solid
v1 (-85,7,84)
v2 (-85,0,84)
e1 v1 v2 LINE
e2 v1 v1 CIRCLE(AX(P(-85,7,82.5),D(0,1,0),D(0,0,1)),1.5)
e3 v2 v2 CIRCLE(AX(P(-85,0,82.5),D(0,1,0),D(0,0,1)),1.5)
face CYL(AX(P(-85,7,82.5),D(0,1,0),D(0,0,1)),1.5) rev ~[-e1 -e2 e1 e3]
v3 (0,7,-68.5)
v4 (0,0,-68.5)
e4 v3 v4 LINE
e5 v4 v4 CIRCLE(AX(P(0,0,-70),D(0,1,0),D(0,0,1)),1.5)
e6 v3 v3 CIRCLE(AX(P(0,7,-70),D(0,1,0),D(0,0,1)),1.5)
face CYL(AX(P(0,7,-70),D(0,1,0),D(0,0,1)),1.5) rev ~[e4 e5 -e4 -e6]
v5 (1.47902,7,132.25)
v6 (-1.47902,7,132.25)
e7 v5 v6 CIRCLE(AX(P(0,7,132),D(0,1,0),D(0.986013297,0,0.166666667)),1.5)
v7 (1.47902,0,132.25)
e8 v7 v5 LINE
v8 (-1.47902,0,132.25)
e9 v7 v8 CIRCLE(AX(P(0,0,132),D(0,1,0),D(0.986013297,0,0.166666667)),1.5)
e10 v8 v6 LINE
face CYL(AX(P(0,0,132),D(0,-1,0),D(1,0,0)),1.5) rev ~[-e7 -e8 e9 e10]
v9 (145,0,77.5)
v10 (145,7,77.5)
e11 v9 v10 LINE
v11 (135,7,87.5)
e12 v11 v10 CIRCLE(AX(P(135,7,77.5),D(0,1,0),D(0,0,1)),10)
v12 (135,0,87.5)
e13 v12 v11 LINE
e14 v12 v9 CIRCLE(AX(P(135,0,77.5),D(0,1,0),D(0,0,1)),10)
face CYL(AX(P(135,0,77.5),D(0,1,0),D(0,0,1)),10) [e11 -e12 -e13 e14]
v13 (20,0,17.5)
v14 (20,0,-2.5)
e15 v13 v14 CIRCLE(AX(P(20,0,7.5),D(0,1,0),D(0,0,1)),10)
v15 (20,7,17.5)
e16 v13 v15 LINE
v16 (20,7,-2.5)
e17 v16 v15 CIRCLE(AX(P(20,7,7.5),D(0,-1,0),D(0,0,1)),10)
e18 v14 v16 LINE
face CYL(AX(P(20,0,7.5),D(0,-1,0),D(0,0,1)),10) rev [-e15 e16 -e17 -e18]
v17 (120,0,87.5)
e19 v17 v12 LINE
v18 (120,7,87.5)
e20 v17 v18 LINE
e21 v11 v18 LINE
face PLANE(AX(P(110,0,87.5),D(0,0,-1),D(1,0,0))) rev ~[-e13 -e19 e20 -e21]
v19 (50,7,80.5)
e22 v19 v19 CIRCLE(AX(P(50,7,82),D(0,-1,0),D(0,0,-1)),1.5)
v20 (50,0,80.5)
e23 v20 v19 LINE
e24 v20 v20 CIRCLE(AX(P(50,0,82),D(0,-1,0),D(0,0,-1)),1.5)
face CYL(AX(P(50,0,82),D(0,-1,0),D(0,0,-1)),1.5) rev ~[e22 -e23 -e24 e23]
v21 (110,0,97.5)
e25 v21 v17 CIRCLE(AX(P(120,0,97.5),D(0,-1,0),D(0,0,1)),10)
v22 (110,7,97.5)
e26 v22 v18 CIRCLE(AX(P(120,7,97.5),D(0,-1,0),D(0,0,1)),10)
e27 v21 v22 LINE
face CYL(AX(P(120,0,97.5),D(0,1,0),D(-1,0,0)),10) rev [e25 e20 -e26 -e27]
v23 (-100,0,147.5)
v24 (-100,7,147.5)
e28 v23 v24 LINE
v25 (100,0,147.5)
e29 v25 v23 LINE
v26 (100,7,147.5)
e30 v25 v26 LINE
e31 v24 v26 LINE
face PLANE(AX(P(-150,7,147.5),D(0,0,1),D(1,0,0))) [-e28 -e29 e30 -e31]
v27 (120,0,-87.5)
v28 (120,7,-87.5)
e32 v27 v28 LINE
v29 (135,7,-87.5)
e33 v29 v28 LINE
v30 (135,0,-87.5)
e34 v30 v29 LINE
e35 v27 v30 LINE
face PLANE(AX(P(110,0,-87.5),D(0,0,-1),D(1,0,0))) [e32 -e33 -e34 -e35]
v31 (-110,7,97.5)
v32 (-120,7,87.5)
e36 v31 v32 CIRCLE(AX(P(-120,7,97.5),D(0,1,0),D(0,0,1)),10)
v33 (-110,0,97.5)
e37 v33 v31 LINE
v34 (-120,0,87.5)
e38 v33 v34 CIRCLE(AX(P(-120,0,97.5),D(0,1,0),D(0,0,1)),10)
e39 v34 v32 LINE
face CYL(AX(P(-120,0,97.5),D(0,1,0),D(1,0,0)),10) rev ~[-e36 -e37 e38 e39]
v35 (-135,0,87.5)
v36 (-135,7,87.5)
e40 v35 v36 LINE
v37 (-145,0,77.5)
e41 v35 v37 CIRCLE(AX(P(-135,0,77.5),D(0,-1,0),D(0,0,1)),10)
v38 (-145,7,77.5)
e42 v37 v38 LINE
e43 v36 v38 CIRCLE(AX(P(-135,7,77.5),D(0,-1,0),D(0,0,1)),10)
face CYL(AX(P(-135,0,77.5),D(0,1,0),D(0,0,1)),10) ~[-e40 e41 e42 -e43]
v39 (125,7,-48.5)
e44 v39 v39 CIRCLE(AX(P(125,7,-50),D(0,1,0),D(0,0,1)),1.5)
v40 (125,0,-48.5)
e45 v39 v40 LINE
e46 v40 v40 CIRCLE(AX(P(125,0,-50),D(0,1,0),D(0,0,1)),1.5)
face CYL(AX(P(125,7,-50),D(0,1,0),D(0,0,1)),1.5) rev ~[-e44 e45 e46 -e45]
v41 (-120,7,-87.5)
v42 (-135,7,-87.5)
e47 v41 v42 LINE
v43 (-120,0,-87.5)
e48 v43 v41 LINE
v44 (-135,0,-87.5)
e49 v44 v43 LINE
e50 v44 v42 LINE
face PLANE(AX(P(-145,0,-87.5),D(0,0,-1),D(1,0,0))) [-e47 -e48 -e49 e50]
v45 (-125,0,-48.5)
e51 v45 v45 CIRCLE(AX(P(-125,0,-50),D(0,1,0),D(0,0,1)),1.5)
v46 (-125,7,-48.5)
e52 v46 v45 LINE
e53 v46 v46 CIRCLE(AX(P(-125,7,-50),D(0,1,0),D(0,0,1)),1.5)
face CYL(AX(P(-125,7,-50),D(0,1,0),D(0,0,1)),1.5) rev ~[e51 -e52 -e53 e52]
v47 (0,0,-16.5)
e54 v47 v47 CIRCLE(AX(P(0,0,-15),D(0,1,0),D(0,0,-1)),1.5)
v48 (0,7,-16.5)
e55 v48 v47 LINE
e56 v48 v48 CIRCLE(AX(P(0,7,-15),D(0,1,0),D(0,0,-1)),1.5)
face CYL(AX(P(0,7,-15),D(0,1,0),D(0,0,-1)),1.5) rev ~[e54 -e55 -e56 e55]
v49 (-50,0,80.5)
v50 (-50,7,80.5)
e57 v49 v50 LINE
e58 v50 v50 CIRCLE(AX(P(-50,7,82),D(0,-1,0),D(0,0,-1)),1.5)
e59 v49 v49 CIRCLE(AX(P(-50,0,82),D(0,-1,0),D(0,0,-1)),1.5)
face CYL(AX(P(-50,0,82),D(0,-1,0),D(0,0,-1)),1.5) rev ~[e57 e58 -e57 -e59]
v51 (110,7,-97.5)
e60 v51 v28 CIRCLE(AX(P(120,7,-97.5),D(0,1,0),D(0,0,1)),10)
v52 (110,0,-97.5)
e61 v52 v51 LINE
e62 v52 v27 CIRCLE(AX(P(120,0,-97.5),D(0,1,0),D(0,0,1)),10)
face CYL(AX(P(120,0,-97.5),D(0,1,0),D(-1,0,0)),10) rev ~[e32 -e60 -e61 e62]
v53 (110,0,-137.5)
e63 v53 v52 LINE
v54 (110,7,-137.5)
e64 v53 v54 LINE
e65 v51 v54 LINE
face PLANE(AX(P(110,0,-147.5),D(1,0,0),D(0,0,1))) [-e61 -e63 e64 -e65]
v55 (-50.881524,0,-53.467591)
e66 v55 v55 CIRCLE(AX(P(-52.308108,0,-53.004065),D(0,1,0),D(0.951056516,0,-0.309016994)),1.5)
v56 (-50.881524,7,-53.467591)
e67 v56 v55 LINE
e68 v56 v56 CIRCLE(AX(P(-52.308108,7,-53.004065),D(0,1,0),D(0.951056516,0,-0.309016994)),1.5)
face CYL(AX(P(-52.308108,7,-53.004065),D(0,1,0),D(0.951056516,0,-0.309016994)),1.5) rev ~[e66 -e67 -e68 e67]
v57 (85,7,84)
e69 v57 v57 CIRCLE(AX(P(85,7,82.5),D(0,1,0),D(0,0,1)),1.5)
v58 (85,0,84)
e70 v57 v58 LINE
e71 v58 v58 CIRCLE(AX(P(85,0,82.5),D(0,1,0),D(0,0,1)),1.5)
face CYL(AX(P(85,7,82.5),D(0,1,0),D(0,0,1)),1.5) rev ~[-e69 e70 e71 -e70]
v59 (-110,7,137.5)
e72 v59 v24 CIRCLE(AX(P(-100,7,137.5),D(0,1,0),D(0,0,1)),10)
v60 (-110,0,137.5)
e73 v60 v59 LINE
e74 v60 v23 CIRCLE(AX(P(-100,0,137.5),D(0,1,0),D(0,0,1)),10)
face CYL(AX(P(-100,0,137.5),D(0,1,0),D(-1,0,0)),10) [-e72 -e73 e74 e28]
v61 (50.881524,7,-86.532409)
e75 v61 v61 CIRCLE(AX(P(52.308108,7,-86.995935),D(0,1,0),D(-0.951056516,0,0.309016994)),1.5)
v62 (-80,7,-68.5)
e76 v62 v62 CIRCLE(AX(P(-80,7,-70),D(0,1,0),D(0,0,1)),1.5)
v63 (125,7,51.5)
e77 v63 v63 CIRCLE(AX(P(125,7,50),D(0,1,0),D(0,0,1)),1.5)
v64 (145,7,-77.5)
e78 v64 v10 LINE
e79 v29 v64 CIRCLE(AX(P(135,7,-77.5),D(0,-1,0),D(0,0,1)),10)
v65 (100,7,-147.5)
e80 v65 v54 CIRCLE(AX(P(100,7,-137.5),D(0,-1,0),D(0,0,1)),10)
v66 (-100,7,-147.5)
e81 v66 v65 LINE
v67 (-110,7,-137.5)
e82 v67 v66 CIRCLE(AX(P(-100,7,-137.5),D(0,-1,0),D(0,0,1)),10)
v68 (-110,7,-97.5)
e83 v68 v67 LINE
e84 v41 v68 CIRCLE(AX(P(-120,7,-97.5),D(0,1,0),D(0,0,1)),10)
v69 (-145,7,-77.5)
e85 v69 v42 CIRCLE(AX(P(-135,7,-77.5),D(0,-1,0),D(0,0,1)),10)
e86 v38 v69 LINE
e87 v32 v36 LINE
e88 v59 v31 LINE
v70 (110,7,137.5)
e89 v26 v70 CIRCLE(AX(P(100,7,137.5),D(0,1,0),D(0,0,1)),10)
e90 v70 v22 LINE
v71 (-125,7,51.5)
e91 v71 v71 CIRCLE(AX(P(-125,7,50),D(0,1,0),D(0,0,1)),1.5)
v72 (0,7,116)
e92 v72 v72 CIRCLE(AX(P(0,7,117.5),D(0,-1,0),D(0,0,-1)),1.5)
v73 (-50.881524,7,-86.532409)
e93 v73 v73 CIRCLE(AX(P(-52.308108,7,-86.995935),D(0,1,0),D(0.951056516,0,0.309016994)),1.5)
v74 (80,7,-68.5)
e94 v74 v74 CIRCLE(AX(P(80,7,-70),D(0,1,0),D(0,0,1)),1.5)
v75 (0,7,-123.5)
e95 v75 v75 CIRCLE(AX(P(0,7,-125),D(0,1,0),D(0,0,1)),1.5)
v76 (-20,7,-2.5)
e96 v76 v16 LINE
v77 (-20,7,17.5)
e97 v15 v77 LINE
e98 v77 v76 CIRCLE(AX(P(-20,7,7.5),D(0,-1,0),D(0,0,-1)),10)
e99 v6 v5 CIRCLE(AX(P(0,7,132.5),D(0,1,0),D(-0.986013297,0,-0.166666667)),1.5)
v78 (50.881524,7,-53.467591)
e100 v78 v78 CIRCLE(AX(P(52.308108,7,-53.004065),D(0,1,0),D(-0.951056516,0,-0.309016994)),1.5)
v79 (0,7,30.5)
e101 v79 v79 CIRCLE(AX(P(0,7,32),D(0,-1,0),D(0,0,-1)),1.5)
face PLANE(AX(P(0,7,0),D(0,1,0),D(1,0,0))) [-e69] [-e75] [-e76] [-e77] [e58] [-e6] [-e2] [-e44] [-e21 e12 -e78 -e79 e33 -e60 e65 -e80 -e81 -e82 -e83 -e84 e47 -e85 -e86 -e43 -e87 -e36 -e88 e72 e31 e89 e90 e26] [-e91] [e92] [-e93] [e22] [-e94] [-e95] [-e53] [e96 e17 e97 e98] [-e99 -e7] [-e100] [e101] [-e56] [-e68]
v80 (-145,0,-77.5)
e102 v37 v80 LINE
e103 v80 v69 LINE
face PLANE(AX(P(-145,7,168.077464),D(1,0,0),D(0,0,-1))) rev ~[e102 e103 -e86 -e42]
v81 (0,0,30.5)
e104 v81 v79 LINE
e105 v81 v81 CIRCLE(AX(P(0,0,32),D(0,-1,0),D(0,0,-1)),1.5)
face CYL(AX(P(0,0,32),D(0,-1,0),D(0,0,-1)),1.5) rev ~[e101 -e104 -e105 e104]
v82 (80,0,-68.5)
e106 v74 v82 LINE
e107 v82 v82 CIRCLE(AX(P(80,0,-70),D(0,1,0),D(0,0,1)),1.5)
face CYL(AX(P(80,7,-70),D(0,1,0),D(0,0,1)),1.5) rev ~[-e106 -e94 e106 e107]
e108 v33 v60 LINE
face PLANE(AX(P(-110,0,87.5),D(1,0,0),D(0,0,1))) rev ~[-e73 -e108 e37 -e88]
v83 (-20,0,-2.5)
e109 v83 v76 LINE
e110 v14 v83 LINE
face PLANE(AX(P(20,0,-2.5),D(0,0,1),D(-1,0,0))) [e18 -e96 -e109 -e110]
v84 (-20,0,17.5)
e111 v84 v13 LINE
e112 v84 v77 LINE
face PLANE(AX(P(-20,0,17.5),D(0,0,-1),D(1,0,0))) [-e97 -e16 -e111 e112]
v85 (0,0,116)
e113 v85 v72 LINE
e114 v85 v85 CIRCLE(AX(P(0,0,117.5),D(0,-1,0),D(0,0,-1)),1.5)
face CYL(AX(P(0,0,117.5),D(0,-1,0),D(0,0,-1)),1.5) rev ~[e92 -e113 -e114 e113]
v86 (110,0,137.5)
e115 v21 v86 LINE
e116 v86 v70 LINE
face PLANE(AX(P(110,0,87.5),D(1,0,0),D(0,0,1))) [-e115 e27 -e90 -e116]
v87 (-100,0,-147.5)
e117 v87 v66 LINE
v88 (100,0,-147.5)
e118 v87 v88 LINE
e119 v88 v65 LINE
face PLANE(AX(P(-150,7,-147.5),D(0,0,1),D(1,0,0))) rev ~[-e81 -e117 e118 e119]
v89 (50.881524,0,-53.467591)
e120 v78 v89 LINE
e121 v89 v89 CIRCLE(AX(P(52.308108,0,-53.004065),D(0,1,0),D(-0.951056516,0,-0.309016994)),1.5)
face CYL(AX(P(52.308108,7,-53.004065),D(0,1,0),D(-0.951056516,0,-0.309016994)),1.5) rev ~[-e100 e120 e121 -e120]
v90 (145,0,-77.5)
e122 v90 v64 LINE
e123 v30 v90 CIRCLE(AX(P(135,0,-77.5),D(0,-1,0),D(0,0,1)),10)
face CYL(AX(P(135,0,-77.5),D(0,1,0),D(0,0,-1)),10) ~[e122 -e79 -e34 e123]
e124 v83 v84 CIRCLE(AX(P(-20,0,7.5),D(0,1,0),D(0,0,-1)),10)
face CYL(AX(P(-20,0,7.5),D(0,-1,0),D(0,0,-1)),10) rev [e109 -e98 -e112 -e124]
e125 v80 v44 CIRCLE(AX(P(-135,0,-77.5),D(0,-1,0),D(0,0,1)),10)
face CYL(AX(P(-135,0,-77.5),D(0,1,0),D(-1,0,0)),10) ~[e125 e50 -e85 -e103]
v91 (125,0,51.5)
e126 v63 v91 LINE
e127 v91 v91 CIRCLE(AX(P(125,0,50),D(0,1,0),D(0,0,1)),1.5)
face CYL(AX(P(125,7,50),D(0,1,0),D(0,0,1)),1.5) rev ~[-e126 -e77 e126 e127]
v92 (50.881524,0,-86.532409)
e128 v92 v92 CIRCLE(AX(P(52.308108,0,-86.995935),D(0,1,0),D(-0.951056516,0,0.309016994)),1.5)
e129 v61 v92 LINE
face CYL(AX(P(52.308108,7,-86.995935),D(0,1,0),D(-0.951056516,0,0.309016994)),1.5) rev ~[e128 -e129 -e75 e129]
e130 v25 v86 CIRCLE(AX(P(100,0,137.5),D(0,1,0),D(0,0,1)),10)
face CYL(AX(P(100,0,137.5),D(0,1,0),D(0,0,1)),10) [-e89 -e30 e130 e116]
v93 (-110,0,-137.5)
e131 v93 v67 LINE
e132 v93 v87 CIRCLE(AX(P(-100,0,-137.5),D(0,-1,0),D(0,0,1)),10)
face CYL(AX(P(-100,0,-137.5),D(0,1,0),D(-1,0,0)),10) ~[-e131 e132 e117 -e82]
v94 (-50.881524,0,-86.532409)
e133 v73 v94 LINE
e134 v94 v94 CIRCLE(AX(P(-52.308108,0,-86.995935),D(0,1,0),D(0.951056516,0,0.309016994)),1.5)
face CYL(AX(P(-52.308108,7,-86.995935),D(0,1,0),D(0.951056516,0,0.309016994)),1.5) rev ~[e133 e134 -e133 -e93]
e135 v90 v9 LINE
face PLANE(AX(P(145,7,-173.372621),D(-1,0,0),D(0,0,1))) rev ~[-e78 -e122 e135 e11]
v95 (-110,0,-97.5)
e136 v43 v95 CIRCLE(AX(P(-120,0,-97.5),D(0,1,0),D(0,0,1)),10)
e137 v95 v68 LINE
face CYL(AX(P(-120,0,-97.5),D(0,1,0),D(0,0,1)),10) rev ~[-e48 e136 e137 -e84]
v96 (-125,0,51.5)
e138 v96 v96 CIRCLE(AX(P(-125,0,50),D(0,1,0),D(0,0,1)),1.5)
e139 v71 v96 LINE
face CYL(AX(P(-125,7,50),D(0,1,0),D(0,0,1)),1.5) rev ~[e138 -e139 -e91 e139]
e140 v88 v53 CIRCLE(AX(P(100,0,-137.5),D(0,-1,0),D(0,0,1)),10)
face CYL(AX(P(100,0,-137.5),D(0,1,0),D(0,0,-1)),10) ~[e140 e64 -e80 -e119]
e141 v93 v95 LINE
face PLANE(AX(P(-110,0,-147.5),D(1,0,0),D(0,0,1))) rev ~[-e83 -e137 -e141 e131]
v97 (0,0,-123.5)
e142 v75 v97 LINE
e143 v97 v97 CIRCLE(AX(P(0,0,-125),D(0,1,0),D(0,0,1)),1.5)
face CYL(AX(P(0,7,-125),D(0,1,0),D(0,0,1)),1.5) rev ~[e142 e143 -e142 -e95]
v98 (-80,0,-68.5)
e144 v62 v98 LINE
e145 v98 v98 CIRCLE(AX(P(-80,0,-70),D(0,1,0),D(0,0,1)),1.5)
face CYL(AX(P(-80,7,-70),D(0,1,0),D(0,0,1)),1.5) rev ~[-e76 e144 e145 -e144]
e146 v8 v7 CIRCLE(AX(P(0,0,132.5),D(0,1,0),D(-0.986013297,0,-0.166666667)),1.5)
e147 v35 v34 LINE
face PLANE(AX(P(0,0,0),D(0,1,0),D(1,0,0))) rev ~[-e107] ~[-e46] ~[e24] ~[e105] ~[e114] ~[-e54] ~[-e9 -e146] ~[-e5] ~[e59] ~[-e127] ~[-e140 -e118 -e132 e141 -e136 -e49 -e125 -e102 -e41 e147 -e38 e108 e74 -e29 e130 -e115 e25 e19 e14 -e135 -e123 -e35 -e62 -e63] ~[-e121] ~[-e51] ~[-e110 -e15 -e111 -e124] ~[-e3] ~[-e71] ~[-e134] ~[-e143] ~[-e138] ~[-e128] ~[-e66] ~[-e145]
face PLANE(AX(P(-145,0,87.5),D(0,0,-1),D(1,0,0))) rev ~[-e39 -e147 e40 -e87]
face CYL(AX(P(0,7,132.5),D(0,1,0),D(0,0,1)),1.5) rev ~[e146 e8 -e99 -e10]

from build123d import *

# Parameters (mm, degrees)
SKETCH_1_W               = 300
SKETCH_1_H               = 300
EXTRUDE_1_DEPTH          = 7
SKETCH_2_W               = 240
SKETCH_2_H               = 2.5
CUT_EXTRUDE_1_DEPTH      = 50
SKETCH_3_W               = 60
SKETCH_3_H               = 2.5
CUT_EXTRUDE_2_DEPTH      = 50
CUT_EXTRUDE_3_DEPTH      = 50
CUT_EXTRUDE_4_DEPTH      = 50
CUT_EXTRUDE_5_DEPTH      = 50
SKETCH_7_W               = 35
SKETCH_7_H               = 60
CUT_EXTRUDE_6_DEPTH      = 50
SKETCH_8_R               = 1.5
CUT_EXTRUDE_7_DEPTH      = 500
FILLET_1_R               = 10
FILLET_2_R               = 10
FILLET_3_R               = 10
FILLET_4_R               = 10
FILLET_5_R               = 10
FILLET_6_R               = 10
SKETCH_9_R               = 1.5
CUT_EXTRUDE_8_DEPTH      = 50
PATTERN_CIRCULAR_1_COUNT = 10
SKETCH_11_R              = 3.300758287
SKETCH_11_R_2            = 5.737524446
SKETCH_11_R_3            = 4.850679924
SKETCH_11_R_4            = 5.043067488
EXTRUDE_3_DEPTH          = 7
CUT_EXTRUDE_9_DEPTH      = 50
SKETCH_14_R              = 1.5
CUT_EXTRUDE_10_DEPTH     = 50
SKETCH_15_R              = 1.5
CUT_EXTRUDE_11_DEPTH     = 50


with BuildPart() as part:
    # 草图1 → 凸台-拉伸1 (new body)
    with BuildSketch(Plane(origin=(0, 0, 0), x_dir=(1, 0, 0), z_dir=(0, 1, 0))):
        Rectangle(SKETCH_1_W, SKETCH_1_H)
    extrude(amount=EXTRUDE_1_DEPTH)

    # 草图2 → 切除-拉伸1 (cut)
    with BuildSketch(Plane(origin=(0, 7, 0), x_dir=(1, 0, 0), z_dir=(0, 1, 0))):
        with Locations((-30, -148.75)):
            Rectangle(SKETCH_2_W, SKETCH_2_H)
    extrude(amount=-CUT_EXTRUDE_1_DEPTH, mode=Mode.SUBTRACT)

    # 草图3 → 切除-拉伸2 (cut)
    with BuildSketch(Plane(origin=(0, 7, 0), x_dir=(1, 0, 0), z_dir=(0, 1, 0))):
        with Locations((120, -148.75)):
            Rectangle(SKETCH_3_W, SKETCH_3_H)
    extrude(amount=-CUT_EXTRUDE_2_DEPTH, mode=Mode.SUBTRACT)

    # 草图4 → 切除-拉伸3 (cut)
    with BuildSketch(Plane(origin=(0, 7, 0), x_dir=(1, 0, 0), z_dir=(0, 1, 0))):
        Polygon((-60.234749658, 147.5), (-150, 147.5), (-150, 150), (150, 150), (150, 148.75), (150, 147.5), align=None)
    extrude(amount=-CUT_EXTRUDE_3_DEPTH, mode=Mode.SUBTRACT)

    # 草图5 → 切除-拉伸4 (cut)
    with BuildSketch(Plane(origin=(0, 7, 0), x_dir=(1, 0, 0), z_dir=(0, 1, 0))):
        Polygon((-145, -36.273195626), (-145, -168.077464091), (-167.085104341, -168.077464091), (-167.085104341, 166.966608586), (-145, 166.966608586), align=None)
    extrude(amount=-CUT_EXTRUDE_4_DEPTH, mode=Mode.SUBTRACT)

    # 草图6 → 切除-拉伸5 (cut)
    with BuildSketch(Plane(origin=(0, 7, 0), x_dir=(1, 0, 0), z_dir=(0, 1, 0))):
        Polygon((150, -147.5), (150, 173.372620909), (145, 173.372620909), (145, -12.70619331), (145, -195.232190074), (157.067783109, -195.232190074), align=None)
    extrude(amount=-CUT_EXTRUDE_5_DEPTH, mode=Mode.SUBTRACT)

    # 草图7 → 切除-拉伸6 (cut)
    with BuildSketch(Plane.XZ):
        with Locations((-127.5, 117.5)):
            Rectangle(SKETCH_7_W, SKETCH_7_H)
        with Locations((-127.5, -117.5)):
            Rectangle(SKETCH_7_W, SKETCH_7_H)
        with Locations((127.5, 117.5)):
            Rectangle(SKETCH_7_W, SKETCH_7_H)
        with Locations((127.5, -117.5)):
            Rectangle(SKETCH_7_W, SKETCH_7_H)
    extrude(amount=-CUT_EXTRUDE_6_DEPTH, mode=Mode.SUBTRACT)

    # 草图8 → 切除-拉伸7 (cut)
    with BuildSketch(Plane(origin=(0, 7, 0), x_dir=(1, 0, 0), z_dir=(0, 1, 0))):
        with Locations(Location((-125, 50, 0), (0, 0, 270))):
            Circle(SKETCH_8_R)
        with Locations(Location((-125, -50, 0), (0, 0, 270))):
            Circle(SKETCH_8_R)
        with Locations(Location((125, -50, 0), (0, 0, 270))):
            Circle(SKETCH_8_R)
        with Locations(Location((125, 50, 0), (0, 0, 270))):
            Circle(SKETCH_8_R)
        with Locations(Location((-80, 70, 0), (0, 0, 270))):
            Circle(SKETCH_8_R)
        with Locations(Location((80, 70, 0), (0, 0, 270))):
            Circle(SKETCH_8_R)
        with Locations(Location((0, 70, 0), (0, 0, 270))):
            Circle(SKETCH_8_R)
        with Locations(Location((0, -132.5, 0), (0, 0, 270))):
            Circle(SKETCH_8_R)
        with Locations(Location((-85, -82.5, 0), (0, 0, 270))):
            Circle(SKETCH_8_R)
        with Locations(Location((85, -82.5, 0), (0, 0, 270))):
            Circle(SKETCH_8_R)
    extrude(amount=-CUT_EXTRUDE_7_DEPTH, mode=Mode.SUBTRACT)

    # 圆角1
    fillet_1_edges = [part.edges().sort_by_distance(p)[0] for p in [
        (110, 3.5, 147.5),
        (-110, 3.5, 147.5),
    ]]
    fillet(fillet_1_edges, radius=FILLET_1_R)

    # 圆角2
    fillet_2_edges = [part.edges().sort_by_distance(p)[0] for p in [
        (110, 3.5, 87.5),
        (-110, 3.5, 87.5),
    ]]
    fillet(fillet_2_edges, radius=FILLET_2_R)

    # 圆角3
    fillet_3_edges = [part.edges().sort_by_distance(p)[0] for p in [
        (145, 3.5, 87.5),
        (-145, 3.5, 87.5),
    ]]
    fillet(fillet_3_edges, radius=FILLET_3_R)

    # 圆角4
    fillet_4_edges = [part.edges().sort_by_distance(p)[0] for p in [
        (145, 3.5, -87.5),
        (-145, 3.5, -87.5),
    ]]
    fillet(fillet_4_edges, radius=FILLET_4_R)

    # 圆角5
    fillet_5_edges = [part.edges().sort_by_distance(p)[0] for p in [
        (-110, 3.5, -87.5),
        (110, 3.5, -87.5),
    ]]
    fillet(fillet_5_edges, radius=FILLET_5_R)

    # 圆角6
    fillet_6_edges = [part.edges().sort_by_distance(p)[0] for p in [
        (-110, 3.5, -147.5),
        (110, 3.5, -147.5),
    ]]
    fillet(fillet_6_edges, radius=FILLET_6_R)

    # 草图9 → 切除-拉伸8 (cut)
    with BuildSketch(Plane(origin=(0, 7, 0), x_dir=(1, 0, 0), z_dir=(0, 1, 0))):
        with Locations(Location((0, 125, 0), (0, 0, 270))):
            Circle(SKETCH_9_R)
    cut_extrude_8 = extrude(amount=-CUT_EXTRUDE_8_DEPTH, mode=Mode.SUBTRACT)

    # 阵列(圆周)1: 切除-拉伸8 ×10 about axis
    pattern_circular_1_axis = Axis((0, 0, -70), (0, 1, 0))
    for i in range(1, PATTERN_CIRCULAR_1_COUNT):
        add(cut_extrude_8.rotate(pattern_circular_1_axis, i * 360 / PATTERN_CIRCULAR_1_COUNT), mode=Mode.SUBTRACT)

    # 草图11 → 凸台-拉伸3 (add)
    with BuildSketch(Plane(origin=(0, 7, 0), x_dir=(1, 0, 0), z_dir=(0, 1, 0))):
        with Locations((-32.328188876, 114.495934691)):
            Circle(SKETCH_11_R)
        with Locations((32.328188876, 114.495934691)):
            Circle(SKETCH_11_R_2)
        with Locations((-32.328188876, 25.504065309)):
            Circle(SKETCH_11_R_3)
        with Locations((32.328188876, 25.504065309)):
            Circle(SKETCH_11_R_4)
    extrude(amount=-EXTRUDE_3_DEPTH)

    # 草图12 → 切除-拉伸9 (cut)
    with BuildSketch(Plane.XZ):
        with BuildLine():
            Line((-20, 17.5), (20, 17.5))
            ThreePointArc((20, 17.5), (30, 7.5), (20, -2.5))
            Line((20, -2.5), (-20, -2.5))
            ThreePointArc((-20, -2.5), (-30, 7.5), (-20, 17.5))
        make_face()
    extrude(amount=-CUT_EXTRUDE_9_DEPTH, mode=Mode.SUBTRACT)

    # 草图14 → 切除-拉伸10 (cut)
    with BuildSketch(Plane.XZ):
        with Locations((0, 132)):
            Circle(SKETCH_14_R)
        with Locations(Location((-50, 82, 0), (0, 0, 270))):
            Circle(SKETCH_14_R)
        with Locations(Location((50, 82, 0), (0, 0, 270))):
            Circle(SKETCH_14_R)
        with Locations(Location((0, 32, 0), (0, 0, 270))):
            Circle(SKETCH_14_R)
    extrude(amount=-CUT_EXTRUDE_10_DEPTH, mode=Mode.SUBTRACT)

    # 草图15 → 切除-拉伸11 (cut)
    with BuildSketch(Plane.XZ):
        with Locations(Location((0, 117.5, 0), (0, 0, 270))):
            Circle(SKETCH_15_R)
    extrude(amount=-CUT_EXTRUDE_11_DEPTH, mode=Mode.SUBTRACT)


solid = part.part
